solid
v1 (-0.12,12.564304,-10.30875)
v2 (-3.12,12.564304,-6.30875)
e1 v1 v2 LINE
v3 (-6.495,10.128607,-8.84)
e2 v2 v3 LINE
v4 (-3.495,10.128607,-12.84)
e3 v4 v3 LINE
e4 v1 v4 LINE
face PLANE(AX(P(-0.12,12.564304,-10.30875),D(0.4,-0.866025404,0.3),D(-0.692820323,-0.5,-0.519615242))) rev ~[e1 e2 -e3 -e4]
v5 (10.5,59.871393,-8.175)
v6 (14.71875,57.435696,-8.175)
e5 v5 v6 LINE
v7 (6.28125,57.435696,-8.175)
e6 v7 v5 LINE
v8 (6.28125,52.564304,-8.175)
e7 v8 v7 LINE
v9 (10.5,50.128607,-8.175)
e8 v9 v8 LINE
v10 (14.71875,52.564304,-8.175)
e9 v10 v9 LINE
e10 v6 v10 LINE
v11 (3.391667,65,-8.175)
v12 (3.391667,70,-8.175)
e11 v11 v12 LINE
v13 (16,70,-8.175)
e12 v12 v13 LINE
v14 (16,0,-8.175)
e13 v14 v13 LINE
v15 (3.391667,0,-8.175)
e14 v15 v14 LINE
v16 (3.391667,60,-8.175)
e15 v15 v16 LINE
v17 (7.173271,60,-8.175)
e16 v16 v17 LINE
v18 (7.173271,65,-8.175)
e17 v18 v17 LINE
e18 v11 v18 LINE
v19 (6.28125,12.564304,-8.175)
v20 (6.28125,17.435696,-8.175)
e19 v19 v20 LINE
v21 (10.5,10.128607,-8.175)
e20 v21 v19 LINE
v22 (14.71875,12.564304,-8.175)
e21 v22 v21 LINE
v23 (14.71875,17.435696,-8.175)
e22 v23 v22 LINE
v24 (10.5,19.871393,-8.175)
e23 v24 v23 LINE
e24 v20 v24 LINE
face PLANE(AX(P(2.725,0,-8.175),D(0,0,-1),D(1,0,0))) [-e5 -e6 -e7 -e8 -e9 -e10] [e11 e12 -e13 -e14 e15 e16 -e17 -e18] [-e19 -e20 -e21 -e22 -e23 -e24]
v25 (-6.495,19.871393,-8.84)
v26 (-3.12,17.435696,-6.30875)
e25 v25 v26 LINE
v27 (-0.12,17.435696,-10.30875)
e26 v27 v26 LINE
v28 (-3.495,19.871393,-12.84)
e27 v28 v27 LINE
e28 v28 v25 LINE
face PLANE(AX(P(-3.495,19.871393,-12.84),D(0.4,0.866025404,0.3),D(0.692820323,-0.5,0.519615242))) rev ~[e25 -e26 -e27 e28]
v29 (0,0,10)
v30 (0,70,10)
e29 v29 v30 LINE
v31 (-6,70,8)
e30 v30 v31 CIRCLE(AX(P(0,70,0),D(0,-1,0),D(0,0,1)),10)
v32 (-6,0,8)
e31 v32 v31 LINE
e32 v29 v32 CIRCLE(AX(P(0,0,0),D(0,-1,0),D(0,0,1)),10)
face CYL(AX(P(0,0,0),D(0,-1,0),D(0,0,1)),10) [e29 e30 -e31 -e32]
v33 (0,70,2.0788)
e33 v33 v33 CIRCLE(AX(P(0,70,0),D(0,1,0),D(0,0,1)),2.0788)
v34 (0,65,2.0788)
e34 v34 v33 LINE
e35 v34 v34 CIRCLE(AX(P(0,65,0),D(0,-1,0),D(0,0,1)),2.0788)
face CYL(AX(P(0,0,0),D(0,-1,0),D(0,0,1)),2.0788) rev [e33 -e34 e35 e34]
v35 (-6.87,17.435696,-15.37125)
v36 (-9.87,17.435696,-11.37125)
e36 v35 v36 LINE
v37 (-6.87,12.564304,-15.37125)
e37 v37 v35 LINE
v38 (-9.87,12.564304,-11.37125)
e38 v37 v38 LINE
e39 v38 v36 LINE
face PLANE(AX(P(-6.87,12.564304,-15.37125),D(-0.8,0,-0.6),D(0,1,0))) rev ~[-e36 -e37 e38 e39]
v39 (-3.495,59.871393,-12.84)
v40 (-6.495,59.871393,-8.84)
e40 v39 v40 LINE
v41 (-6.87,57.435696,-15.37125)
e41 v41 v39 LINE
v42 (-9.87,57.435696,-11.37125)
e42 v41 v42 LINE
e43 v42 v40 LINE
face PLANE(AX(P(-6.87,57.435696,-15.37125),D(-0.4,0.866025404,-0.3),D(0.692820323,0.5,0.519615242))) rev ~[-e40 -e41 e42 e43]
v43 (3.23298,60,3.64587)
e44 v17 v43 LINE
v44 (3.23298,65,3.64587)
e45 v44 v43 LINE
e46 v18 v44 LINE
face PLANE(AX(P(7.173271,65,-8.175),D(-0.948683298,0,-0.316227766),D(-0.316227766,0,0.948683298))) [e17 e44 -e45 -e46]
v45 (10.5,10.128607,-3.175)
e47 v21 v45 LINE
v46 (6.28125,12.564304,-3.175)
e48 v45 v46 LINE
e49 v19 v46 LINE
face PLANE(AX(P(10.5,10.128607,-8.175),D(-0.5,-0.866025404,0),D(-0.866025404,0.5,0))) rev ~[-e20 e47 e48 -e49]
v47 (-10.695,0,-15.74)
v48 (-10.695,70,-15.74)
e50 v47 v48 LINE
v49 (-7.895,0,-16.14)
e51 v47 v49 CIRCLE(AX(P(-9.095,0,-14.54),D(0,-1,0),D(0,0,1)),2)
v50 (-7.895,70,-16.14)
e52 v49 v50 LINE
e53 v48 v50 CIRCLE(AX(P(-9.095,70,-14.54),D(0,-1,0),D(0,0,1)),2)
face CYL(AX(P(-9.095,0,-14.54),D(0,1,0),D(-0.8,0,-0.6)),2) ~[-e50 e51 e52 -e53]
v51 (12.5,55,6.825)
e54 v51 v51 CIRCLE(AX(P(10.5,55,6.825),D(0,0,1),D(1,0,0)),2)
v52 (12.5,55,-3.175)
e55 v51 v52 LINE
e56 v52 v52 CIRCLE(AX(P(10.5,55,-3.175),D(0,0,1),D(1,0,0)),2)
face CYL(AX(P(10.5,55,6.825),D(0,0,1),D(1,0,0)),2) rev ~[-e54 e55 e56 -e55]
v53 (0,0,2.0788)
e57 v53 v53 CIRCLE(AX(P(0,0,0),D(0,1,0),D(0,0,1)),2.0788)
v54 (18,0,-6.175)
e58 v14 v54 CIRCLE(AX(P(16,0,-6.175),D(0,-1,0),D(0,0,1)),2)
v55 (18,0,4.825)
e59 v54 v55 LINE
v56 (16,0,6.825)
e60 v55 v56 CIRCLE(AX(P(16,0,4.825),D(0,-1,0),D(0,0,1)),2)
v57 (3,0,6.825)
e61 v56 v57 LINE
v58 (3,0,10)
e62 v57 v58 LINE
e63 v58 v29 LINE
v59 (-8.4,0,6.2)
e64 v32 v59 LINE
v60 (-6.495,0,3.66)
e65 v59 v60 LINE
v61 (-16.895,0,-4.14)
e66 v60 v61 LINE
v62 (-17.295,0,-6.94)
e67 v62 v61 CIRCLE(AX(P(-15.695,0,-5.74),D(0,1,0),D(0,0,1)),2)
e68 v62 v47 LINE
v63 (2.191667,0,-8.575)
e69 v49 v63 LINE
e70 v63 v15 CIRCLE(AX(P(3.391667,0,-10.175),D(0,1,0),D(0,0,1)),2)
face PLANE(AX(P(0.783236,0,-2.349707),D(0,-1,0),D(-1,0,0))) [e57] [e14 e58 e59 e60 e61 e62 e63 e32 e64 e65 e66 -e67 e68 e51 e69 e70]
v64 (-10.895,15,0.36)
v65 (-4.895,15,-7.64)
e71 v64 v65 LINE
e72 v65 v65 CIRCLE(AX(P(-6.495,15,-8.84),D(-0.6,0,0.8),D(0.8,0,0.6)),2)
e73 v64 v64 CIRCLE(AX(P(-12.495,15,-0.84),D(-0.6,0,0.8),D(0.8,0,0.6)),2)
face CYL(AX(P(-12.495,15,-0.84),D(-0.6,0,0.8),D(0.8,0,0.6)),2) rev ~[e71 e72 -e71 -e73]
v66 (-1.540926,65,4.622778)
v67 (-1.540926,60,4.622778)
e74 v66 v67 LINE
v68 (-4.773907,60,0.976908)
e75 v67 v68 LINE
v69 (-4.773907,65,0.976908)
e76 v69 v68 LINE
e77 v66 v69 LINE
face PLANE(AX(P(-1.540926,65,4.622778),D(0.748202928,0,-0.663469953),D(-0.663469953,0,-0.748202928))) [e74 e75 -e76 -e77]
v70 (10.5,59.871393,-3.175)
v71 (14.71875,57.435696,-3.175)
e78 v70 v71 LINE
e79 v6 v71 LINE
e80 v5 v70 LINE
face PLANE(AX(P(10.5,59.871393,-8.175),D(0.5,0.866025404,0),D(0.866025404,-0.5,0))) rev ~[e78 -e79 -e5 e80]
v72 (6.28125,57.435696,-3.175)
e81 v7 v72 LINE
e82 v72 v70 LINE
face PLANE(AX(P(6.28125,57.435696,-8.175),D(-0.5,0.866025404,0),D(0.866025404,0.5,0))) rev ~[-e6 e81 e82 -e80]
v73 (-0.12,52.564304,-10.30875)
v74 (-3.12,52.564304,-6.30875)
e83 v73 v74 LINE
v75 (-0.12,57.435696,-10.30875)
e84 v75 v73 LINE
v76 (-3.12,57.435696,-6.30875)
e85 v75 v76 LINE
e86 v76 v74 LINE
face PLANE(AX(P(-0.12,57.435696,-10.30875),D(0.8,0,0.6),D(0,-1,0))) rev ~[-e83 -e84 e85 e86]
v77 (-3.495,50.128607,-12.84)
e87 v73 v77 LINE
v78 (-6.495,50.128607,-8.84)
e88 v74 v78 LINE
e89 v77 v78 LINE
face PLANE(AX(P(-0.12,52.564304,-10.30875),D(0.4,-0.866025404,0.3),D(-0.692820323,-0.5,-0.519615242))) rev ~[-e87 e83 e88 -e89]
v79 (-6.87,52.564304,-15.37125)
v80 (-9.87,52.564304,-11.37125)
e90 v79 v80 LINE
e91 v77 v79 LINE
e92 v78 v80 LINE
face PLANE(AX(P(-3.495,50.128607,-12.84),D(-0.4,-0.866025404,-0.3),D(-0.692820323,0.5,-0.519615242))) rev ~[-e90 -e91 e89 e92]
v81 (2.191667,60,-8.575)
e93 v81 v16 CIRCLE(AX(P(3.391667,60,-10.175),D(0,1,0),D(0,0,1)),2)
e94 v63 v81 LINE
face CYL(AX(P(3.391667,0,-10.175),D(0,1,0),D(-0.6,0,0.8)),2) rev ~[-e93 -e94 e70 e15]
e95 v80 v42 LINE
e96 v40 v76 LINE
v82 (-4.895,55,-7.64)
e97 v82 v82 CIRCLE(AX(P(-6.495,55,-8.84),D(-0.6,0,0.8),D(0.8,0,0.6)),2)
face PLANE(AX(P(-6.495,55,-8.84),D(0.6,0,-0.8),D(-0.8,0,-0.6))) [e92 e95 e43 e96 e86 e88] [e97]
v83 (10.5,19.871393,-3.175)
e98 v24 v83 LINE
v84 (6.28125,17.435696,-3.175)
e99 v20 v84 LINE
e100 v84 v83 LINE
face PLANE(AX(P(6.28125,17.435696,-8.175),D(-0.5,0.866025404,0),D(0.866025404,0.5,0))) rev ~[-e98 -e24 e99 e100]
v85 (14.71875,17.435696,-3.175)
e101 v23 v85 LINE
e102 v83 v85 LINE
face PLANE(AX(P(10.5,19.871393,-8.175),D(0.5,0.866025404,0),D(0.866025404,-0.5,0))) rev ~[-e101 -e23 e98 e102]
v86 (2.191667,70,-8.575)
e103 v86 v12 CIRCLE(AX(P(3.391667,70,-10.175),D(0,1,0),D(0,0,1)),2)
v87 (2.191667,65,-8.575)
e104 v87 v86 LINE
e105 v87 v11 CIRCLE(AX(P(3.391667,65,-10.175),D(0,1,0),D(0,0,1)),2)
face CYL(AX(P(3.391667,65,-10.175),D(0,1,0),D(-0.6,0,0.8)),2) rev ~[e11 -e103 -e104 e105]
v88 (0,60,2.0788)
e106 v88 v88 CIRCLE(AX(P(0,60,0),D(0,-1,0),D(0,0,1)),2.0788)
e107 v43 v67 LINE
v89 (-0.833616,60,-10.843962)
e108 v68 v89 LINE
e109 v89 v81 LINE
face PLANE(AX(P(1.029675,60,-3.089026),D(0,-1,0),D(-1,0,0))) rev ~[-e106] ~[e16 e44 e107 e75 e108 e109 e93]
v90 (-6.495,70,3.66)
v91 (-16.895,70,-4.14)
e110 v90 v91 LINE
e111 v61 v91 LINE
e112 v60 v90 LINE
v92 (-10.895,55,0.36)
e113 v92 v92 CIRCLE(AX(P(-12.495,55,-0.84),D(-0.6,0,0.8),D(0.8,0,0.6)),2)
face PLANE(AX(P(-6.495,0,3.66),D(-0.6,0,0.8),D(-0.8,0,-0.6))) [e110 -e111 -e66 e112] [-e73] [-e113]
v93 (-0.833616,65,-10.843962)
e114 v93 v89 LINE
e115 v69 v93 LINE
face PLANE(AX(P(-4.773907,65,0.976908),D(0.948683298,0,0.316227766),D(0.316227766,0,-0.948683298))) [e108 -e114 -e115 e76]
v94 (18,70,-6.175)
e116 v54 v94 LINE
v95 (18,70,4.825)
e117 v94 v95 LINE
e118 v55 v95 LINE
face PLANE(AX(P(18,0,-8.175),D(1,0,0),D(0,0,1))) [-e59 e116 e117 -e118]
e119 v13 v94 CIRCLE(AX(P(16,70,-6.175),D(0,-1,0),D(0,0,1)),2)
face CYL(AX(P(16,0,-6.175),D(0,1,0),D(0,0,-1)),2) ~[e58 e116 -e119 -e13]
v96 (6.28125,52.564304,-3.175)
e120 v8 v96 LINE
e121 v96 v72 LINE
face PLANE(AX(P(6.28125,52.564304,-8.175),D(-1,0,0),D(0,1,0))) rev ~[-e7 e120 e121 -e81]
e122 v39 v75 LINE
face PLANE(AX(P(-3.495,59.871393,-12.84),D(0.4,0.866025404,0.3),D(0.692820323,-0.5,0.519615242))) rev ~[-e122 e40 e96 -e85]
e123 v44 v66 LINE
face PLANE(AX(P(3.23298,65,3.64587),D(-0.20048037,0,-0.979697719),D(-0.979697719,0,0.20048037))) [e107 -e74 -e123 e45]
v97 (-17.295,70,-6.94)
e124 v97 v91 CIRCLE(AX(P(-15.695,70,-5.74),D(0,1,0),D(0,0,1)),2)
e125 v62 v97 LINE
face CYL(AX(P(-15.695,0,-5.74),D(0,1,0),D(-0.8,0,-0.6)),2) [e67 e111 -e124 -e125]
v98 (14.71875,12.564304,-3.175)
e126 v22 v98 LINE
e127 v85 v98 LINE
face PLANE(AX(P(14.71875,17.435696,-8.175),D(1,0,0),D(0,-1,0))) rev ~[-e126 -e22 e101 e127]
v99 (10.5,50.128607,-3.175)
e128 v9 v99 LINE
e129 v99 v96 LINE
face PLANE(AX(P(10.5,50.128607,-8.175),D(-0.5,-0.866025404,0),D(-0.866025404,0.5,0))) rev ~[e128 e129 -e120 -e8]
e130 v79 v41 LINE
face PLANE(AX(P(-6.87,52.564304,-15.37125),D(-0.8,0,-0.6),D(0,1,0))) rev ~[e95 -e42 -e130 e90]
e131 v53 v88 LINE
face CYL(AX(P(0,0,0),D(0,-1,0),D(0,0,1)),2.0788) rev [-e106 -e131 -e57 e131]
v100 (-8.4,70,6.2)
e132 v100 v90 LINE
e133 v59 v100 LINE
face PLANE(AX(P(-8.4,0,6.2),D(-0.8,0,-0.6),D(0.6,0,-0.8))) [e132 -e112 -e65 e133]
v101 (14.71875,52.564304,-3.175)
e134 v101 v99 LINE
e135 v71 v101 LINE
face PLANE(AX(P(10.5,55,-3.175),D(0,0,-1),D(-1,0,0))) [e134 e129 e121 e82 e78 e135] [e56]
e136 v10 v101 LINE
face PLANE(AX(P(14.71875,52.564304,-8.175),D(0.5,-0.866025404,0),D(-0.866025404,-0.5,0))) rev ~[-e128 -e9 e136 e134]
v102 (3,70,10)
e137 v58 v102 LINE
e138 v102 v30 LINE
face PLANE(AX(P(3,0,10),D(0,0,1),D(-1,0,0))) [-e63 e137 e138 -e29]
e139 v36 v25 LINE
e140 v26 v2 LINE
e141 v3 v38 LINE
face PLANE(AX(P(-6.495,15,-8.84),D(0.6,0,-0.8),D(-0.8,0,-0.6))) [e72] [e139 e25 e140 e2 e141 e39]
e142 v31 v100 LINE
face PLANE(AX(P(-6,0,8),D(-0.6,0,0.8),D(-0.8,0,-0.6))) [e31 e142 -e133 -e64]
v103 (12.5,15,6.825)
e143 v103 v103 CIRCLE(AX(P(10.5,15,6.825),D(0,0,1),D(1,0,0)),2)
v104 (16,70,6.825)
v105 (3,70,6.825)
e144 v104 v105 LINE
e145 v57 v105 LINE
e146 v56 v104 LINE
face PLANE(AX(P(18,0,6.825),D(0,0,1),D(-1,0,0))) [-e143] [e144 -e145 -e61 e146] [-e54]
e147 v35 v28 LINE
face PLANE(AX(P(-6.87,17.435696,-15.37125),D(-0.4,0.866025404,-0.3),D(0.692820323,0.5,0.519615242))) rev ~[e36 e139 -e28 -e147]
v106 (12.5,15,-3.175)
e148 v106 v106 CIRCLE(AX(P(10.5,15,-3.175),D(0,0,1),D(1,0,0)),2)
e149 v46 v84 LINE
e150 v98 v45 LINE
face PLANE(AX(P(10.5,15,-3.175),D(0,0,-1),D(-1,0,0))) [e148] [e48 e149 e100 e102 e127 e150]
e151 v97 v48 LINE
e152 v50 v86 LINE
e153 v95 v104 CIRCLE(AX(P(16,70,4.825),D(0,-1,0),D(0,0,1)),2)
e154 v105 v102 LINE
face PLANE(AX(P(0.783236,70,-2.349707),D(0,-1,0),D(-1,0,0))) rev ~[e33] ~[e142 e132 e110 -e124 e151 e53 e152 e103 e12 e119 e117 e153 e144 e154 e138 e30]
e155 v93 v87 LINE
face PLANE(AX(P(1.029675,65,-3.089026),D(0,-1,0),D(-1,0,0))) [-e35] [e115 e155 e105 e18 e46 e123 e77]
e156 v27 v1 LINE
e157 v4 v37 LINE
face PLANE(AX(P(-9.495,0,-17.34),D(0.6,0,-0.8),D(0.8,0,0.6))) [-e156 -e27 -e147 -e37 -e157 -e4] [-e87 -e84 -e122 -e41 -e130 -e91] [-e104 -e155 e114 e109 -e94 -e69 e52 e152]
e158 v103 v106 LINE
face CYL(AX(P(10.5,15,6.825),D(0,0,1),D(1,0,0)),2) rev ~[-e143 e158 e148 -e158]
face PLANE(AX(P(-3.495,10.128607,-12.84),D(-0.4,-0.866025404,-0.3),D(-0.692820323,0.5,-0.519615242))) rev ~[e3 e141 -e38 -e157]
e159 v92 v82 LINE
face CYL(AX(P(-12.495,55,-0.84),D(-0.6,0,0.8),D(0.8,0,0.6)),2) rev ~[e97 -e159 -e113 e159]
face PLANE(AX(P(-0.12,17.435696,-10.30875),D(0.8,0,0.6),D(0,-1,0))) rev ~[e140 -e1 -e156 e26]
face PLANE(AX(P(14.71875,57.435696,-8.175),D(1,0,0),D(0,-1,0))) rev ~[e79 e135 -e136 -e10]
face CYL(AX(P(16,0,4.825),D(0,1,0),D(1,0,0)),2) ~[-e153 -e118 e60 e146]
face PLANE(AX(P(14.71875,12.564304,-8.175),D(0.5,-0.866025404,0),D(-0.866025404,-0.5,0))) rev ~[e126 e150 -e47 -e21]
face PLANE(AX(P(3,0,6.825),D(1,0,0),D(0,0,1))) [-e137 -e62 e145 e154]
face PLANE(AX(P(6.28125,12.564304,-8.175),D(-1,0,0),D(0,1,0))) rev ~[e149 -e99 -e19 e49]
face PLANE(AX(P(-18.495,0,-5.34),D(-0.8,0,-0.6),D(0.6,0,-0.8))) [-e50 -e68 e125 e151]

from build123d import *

# Parameters (mm, degrees)
SKETCH1_R           = 2.0788
BOSS_EXTRUDE1_DEPTH = 70
SKETCH2_R           = 2
CUT_EXTRUDE1_DEPTH  = 15
SKETCH3_R           = 2
CUT_EXTRUDE2_DEPTH  = 15
CUT_EXTRUDE3_DEPTH  = 5
CUT_EXTRUDE4_DEPTH  = 5
CUT_EXTRUDE5_START  = -5
CUT_EXTRUDE5_DEPTH  = 5
FILLET1_R           = 2


with BuildPart() as part:
    # Sketch1 → Boss-Extrude1 (new body)
    with BuildSketch(Plane(origin=(0, 0, 0), x_dir=(1, 0, 0), z_dir=(0, 1, 0))):
        with BuildLine():
            Line((-18.495, 5.34), (-9.495, 17.34))
            Line((-9.495, 17.34), (2.725, 8.175))
            Line((2.725, 8.175), (18, 8.175))
            Line((18, 8.175), (18, -6.825))
            Line((18, -6.825), (3, -6.825))
            Line((3, -6.825), (3, -10))
            Line((3, -10), (0, -10))
            ThreePointArc((0, -10), (-3.16227766, -9.486832981), (-6, -8))
            Line((-6, -8), (-8.4, -6.2))
            Line((-8.4, -6.2), (-6.495, -3.66))
            Line((-6.495, -3.66), (-18.495, 5.34))
        make_face()
        with Locations(Location((0, 0, 0), (0, 0, 270))):
            Circle(SKETCH1_R, mode=Mode.SUBTRACT)
    extrude(amount=BOSS_EXTRUDE1_DEPTH)

    # Sketch2 → Cut-Extrude1 (cut)
    with BuildSketch(Plane.XY.offset(6.825)):
        with Locations((10.5, 15)):
            Circle(SKETCH2_R)
        with Locations((10.5, 55)):
            Circle(SKETCH2_R)
    extrude(amount=-CUT_EXTRUDE1_DEPTH, mode=Mode.SUBTRACT)

    # Sketch3 → Cut-Extrude2 (cut)
    with BuildSketch(Plane(origin=(-4.095, 0, 5.46), x_dir=(0.8000000000000002, 0, 0.5999999999999999), z_dir=(-0.5999999999999999, 0, 0.8000000000000003))):
        with Locations((-10.5, 15)):
            Circle(SKETCH3_R)
        with Locations((-10.5, 55)):
            Circle(SKETCH3_R)
    extrude(amount=-CUT_EXTRUDE2_DEPTH, mode=Mode.SUBTRACT)

    # Sketch4 → Cut-Extrude3 (cut)
    with BuildSketch(Plane(origin=(4.905, 0, -6.54), x_dir=(-0.8000000000000002, 0, -0.5999999999999998), z_dir=(0.5999999999999998, 0, -0.8000000000000002))):
        Polygon((10.5, 59.871392896), (6.28125, 57.435696448), (6.28125, 52.564303552), (10.5, 50.128607104), (14.71875, 52.564303552), (14.71875, 57.435696448), align=None)
        Polygon((10.5, 10.128607104), (14.71875, 12.564303552), (14.71875, 17.435696448), (10.5, 19.871392896), (6.28125, 17.435696448), (6.28125, 12.564303552), align=None)
    extrude(amount=-CUT_EXTRUDE3_DEPTH, mode=Mode.SUBTRACT)

    # Sketch5 → Cut-Extrude4 (cut)
    with BuildSketch(Plane(origin=(0, 0, -8.175), x_dir=(-1, 0, 0), z_dir=(0, 0, -1))):
        Polygon((-10.5, 50.128607104), (-6.28125, 52.564303552), (-6.28125, 57.435696448), (-10.5, 59.871392896), (-14.71875, 57.435696448), (-14.71875, 52.564303552), align=None)
        Polygon((-10.5, 10.128607104), (-6.28125, 12.564303552), (-6.28125, 17.435696448), (-10.5, 19.871392896), (-14.71875, 17.435696448), (-14.71875, 12.564303552), align=None)
    extrude(amount=-CUT_EXTRUDE4_DEPTH, mode=Mode.SUBTRACT)

    # Sketch7 → Cut-Extrude5 (cut)
    with BuildSketch(Plane(origin=(0, 70, 0), x_dir=(1, 0, 0), z_dir=(0, 1, 0)).offset(CUT_EXTRUDE5_START)):
        Polygon((-4.773906582, -0.97690802), (-0.83361646, 10.843962345), (2.725, 8.175), (7.173270575, 8.175), (3.232980454, -3.645870365), (-1.540926128, -4.622778385), align=None)
    extrude(amount=-CUT_EXTRUDE5_DEPTH, mode=Mode.SUBTRACT)

    # Fillet1
    fillet1_edges = [part.edges().sort_by_distance(p)[0] for p in [
        (2.725, 30, -8.175),
        (-18.495, 35, -5.34),
        (-9.495, 35, -17.34),
        (2.725, 67.5, -8.175),
        (18, 35, -8.175),
        (18, 35, 6.825),
    ]]
    fillet(fillet1_edges, radius=FILLET1_R)


solid = part.part
